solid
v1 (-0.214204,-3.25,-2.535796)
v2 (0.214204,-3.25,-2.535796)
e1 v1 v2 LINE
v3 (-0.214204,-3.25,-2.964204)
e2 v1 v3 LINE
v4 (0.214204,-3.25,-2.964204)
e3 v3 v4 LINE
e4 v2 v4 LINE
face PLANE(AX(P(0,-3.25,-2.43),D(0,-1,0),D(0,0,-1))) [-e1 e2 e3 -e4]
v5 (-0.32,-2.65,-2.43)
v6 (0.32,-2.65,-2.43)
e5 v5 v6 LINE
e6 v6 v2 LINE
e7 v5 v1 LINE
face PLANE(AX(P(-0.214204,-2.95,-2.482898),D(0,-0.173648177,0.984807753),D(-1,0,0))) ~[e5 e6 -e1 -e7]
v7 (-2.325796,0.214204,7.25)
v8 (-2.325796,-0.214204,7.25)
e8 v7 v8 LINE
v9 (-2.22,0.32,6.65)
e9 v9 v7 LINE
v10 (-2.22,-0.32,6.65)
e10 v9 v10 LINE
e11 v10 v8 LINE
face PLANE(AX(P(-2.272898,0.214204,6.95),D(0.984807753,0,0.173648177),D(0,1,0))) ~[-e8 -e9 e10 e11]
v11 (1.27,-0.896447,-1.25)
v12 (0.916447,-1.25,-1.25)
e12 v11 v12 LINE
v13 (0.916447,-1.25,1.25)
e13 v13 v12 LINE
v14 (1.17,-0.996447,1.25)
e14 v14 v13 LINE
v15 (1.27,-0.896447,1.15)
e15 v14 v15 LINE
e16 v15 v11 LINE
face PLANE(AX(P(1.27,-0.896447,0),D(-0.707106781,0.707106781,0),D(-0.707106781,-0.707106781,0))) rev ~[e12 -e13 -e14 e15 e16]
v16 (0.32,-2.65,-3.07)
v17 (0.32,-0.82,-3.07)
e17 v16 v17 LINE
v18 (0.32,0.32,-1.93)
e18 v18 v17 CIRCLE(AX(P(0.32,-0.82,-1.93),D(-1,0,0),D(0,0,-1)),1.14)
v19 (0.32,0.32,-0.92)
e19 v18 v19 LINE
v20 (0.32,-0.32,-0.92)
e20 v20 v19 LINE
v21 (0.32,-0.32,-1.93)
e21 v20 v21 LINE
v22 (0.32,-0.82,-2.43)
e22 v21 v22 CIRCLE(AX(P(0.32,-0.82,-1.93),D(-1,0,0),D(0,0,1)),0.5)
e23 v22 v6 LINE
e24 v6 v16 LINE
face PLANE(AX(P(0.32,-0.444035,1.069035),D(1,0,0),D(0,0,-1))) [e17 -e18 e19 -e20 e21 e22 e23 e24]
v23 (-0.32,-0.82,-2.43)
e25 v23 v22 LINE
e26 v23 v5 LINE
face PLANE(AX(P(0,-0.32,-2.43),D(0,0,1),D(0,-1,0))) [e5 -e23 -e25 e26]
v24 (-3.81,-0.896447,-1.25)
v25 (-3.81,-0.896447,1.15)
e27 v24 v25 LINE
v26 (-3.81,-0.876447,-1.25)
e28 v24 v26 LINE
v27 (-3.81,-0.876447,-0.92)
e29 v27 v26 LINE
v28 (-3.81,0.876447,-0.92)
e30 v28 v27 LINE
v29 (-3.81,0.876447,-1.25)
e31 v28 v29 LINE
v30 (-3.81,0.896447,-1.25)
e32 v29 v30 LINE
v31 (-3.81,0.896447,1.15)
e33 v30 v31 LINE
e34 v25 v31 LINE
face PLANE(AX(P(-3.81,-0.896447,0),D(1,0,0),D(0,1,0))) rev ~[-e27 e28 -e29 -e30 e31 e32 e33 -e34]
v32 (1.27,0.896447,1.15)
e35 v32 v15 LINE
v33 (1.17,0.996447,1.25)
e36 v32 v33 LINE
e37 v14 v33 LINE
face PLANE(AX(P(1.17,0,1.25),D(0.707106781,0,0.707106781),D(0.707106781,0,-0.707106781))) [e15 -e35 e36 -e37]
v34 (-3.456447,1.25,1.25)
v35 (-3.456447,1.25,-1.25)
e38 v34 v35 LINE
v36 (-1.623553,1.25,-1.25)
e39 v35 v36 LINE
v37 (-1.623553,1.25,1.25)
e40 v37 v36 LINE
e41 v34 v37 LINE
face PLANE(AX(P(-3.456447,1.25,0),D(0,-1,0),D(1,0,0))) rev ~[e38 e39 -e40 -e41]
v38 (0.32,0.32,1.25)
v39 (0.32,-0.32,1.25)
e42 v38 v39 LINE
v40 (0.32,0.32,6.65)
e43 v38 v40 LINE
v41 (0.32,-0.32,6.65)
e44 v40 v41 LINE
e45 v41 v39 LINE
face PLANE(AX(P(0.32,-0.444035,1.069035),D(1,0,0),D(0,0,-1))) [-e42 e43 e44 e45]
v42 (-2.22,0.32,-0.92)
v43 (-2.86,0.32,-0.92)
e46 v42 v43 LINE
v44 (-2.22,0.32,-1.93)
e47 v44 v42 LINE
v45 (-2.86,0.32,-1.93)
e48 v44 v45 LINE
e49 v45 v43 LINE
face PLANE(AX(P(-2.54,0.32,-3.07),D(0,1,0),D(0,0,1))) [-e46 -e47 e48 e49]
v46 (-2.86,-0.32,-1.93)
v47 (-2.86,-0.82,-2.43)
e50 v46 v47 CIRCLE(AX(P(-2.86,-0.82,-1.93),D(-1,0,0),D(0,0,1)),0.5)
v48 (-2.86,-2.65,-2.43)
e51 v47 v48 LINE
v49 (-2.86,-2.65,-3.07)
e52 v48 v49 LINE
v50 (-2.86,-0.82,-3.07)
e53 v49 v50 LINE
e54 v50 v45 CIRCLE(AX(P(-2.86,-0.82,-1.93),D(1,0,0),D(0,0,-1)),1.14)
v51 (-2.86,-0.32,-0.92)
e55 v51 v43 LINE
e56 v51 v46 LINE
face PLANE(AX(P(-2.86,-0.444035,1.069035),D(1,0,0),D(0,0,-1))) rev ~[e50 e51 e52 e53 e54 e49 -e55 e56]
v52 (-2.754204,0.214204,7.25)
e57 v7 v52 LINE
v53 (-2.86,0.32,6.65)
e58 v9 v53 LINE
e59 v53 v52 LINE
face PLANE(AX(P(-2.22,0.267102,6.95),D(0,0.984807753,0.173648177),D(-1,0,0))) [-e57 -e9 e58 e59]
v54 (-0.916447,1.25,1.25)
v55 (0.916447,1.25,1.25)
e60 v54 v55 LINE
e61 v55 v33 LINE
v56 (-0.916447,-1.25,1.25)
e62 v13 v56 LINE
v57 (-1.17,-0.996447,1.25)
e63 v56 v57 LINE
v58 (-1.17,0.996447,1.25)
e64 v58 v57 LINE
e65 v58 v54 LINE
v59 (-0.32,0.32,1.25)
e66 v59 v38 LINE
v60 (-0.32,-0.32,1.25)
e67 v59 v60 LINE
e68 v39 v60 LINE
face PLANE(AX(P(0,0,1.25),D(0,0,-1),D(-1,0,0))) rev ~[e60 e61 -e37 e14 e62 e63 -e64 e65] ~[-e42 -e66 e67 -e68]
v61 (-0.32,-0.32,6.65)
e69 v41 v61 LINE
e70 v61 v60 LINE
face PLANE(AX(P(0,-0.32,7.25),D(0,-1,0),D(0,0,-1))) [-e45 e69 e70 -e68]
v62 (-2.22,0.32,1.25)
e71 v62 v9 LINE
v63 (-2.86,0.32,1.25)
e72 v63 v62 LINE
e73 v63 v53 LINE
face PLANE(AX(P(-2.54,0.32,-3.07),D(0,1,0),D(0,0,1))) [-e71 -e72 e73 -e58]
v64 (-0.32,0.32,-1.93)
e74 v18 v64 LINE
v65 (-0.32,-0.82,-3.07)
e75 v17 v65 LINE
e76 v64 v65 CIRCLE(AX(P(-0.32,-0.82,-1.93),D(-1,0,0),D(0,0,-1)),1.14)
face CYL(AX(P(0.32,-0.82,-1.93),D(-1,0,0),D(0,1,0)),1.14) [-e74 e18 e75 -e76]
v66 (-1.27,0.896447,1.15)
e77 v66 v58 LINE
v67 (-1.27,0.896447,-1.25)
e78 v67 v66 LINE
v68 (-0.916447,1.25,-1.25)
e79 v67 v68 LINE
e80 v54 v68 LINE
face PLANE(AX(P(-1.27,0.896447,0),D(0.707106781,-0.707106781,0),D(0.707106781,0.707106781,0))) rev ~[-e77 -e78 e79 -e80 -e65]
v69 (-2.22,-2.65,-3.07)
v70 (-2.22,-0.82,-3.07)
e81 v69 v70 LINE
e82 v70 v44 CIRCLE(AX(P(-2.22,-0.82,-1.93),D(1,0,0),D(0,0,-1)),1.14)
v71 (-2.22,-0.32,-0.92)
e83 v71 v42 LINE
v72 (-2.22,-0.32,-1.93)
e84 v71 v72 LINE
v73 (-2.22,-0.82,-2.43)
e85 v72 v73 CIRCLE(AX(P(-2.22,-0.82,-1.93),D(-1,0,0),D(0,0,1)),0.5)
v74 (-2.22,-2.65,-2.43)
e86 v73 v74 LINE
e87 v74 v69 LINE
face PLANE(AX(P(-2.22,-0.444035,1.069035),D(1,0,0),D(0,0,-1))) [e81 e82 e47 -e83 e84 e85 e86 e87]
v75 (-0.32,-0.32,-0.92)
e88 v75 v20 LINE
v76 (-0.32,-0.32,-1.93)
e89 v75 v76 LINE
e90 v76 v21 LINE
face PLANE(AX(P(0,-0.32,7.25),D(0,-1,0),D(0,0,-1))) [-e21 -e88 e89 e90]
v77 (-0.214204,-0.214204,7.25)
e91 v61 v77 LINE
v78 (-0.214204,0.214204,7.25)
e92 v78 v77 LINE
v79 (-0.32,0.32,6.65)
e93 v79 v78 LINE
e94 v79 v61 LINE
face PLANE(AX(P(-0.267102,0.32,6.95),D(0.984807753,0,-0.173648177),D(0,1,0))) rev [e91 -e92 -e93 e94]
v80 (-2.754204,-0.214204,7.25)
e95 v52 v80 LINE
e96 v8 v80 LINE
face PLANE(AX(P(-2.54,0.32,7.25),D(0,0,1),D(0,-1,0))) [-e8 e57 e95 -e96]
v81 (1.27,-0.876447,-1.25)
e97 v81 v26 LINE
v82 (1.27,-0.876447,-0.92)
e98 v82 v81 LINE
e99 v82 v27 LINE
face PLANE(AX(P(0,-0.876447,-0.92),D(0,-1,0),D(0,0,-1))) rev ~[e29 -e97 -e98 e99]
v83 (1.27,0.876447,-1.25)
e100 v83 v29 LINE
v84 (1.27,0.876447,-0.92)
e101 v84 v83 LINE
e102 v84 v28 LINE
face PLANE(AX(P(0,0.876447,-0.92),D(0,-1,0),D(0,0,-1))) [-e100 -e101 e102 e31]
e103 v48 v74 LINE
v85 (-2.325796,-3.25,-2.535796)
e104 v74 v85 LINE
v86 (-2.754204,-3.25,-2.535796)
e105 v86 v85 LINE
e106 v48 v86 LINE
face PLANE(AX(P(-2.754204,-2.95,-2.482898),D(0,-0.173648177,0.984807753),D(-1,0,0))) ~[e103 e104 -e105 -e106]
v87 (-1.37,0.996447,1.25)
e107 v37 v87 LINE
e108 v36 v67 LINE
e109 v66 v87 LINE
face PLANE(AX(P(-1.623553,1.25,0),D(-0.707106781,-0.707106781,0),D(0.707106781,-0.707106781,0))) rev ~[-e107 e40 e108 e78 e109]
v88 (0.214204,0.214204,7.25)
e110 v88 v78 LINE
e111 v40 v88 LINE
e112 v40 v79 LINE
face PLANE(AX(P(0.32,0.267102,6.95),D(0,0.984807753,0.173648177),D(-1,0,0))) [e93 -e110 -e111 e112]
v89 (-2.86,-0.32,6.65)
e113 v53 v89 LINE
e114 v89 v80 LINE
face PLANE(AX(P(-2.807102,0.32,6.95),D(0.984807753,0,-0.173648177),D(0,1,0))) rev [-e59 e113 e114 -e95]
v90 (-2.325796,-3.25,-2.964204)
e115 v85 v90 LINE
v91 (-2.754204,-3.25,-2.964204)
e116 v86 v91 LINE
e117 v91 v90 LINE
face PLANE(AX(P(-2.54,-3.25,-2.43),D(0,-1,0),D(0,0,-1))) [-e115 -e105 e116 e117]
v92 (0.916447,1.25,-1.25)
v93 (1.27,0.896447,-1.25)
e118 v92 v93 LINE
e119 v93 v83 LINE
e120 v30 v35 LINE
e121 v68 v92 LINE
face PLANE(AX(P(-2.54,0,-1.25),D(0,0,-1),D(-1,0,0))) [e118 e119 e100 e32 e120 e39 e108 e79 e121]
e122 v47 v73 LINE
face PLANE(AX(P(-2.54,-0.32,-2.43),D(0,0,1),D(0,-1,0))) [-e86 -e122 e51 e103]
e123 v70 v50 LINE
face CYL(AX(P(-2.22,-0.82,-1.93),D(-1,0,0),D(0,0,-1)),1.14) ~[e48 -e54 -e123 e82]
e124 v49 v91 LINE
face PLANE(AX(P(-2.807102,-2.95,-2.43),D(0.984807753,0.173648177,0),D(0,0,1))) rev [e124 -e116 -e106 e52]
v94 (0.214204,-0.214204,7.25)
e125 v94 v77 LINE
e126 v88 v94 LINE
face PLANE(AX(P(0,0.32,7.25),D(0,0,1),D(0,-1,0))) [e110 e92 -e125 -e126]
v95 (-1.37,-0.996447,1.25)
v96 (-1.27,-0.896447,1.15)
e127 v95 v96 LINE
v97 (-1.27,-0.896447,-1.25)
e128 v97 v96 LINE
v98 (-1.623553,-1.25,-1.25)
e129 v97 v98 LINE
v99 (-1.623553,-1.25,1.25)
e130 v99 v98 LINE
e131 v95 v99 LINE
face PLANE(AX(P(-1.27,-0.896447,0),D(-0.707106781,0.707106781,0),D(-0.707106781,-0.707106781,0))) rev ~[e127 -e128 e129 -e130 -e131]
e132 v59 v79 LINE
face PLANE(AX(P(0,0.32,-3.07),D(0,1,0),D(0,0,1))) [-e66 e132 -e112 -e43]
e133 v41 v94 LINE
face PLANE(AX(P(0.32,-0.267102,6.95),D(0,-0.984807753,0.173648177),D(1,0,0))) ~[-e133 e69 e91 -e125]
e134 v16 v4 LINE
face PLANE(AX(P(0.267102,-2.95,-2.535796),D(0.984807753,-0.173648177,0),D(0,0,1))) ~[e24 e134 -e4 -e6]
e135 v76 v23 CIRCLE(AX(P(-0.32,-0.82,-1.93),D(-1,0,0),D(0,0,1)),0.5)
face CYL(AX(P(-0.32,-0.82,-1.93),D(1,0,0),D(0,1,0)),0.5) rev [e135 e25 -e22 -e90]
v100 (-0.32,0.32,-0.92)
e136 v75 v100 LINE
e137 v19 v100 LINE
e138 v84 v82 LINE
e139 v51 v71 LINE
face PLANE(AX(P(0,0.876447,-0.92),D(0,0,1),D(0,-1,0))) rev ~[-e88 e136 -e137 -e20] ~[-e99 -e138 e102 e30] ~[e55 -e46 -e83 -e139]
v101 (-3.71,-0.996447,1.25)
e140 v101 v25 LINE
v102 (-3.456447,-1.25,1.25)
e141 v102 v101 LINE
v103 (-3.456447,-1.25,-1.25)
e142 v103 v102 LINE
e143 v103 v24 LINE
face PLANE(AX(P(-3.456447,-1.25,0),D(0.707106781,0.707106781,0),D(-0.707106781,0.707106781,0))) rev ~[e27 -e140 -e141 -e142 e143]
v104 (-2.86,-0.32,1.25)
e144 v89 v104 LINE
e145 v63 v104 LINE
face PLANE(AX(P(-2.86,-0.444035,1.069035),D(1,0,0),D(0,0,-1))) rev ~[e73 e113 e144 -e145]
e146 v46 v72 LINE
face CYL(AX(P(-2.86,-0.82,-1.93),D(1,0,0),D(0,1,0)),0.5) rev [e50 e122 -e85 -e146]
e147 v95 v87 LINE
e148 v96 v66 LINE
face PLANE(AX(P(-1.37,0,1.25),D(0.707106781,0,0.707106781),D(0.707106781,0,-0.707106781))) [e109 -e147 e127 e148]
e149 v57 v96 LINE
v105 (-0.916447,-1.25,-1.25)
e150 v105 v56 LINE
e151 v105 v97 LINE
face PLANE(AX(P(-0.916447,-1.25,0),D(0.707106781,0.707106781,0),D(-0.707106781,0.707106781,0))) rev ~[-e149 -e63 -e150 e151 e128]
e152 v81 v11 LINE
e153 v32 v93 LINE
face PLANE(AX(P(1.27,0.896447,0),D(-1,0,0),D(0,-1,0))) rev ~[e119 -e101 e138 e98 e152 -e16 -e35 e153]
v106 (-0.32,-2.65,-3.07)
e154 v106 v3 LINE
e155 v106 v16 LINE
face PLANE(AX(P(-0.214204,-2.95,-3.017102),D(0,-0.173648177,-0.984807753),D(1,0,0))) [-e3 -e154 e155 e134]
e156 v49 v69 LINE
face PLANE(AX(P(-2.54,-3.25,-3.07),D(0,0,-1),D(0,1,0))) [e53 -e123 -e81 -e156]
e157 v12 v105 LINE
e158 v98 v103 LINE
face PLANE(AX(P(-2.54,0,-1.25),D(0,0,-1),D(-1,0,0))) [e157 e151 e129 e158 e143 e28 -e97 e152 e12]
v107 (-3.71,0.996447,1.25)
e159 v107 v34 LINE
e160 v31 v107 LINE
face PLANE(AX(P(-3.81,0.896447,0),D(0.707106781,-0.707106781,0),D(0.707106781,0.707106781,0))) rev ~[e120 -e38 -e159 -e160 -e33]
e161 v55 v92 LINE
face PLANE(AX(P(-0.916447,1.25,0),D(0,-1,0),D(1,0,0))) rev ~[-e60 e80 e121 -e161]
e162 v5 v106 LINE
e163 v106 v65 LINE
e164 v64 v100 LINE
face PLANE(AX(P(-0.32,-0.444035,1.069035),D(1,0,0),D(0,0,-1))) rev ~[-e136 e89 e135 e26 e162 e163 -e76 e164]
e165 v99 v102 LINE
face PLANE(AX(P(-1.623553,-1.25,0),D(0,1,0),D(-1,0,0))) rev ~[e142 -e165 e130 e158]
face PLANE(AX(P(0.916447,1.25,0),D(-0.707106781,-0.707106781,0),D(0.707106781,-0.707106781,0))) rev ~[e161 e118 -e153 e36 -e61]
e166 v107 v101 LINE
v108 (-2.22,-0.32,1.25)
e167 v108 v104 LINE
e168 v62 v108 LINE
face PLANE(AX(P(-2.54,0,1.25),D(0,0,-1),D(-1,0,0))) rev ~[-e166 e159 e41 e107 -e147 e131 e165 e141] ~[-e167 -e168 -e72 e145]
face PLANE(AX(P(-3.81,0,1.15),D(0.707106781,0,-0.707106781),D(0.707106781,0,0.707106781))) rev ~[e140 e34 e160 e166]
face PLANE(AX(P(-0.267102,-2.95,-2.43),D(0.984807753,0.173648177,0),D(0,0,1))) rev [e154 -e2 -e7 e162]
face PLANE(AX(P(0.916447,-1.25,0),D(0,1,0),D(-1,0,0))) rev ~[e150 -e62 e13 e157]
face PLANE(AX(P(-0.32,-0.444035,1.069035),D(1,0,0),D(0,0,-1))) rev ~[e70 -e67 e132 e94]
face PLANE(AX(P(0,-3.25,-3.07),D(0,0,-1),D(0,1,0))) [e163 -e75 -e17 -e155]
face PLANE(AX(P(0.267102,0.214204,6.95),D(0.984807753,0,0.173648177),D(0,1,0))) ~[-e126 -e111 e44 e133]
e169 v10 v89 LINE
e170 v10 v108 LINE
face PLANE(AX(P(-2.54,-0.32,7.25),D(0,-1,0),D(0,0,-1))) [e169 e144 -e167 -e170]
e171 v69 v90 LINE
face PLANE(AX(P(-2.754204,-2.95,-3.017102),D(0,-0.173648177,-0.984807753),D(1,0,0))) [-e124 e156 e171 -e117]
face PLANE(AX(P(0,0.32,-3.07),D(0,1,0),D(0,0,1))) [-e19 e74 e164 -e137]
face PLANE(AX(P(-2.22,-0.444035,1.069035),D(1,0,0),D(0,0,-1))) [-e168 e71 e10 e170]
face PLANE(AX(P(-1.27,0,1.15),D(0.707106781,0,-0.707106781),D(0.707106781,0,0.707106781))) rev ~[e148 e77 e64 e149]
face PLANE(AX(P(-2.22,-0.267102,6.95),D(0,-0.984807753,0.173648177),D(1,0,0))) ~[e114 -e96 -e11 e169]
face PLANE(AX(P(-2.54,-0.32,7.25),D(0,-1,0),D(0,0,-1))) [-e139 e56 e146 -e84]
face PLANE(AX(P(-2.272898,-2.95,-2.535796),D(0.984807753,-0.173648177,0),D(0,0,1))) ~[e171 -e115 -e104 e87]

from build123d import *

# Parameters (mm, degrees)
EXTRUDE1_DEPTH          = 1.25
CUT_EXTRUDE3_DEPTH      = 2.25
LPATTERN4_COUNT         = 2
LPATTERN4_PITCH         = 2.54
SKETCH2_W               = 1.752893218
SKETCH2_H               = 0.33
CUT_EXTRUDE1_DEPTH      = 2.27
CUT_EXTRUDE1_DEPTH_BACK = 4.81
EXTRUDE_THIN1_DEPTH     = 0.32
LPATTERN5_COUNT         = 2
LPATTERN5_PITCH         = 2.54
CHAMFER2_SIZE           = 0.6
CHAMFER2_SIZE2          = 0.105796188
CHAMFER2_PART_2_SIZE    = 0.6
CHAMFER2_PART_2_SIZE2   = 0.105796188
CHAMFER2_PART_3_SIZE    = 0.6
CHAMFER2_PART_3_SIZE2   = 0.105796188
CHAMFER2_PART_4_SIZE    = 0.6
CHAMFER2_PART_4_SIZE2   = 0.105796188
CHAMFER2_PART_5_SIZE    = 0.6
CHAMFER2_PART_5_SIZE2   = 0.105796188
CHAMFER2_PART_6_SIZE    = 0.6
CHAMFER2_PART_6_SIZE2   = 0.105796188
CHAMFER2_PART_7_SIZE    = 0.6
CHAMFER2_PART_7_SIZE2   = 0.105796188
CHAMFER2_PART_8_SIZE    = 0.6
CHAMFER2_PART_8_SIZE2   = 0.105796188
CHAMFER2_PART_9_SIZE    = 0.6
CHAMFER2_PART_9_SIZE2   = 0.105796188
CHAMFER2_PART_10_SIZE   = 0.6
CHAMFER2_PART_10_SIZE2  = 0.105796188
CHAMFER2_PART_11_SIZE   = 0.6
CHAMFER2_PART_11_SIZE2  = 0.105796188
CHAMFER2_PART_12_SIZE   = 0.6
CHAMFER2_PART_12_SIZE2  = 0.105796188
CHAMFER2_PART_13_SIZE   = 0.6
CHAMFER2_PART_13_SIZE2  = 0.105796188
CHAMFER2_PART_14_SIZE   = 0.6
CHAMFER2_PART_14_SIZE2  = 0.105796188
CHAMFER2_PART_15_SIZE   = 0.6
CHAMFER2_PART_15_SIZE2  = 0.105796188
CHAMFER2_PART_16_SIZE   = 0.6
CHAMFER2_PART_16_SIZE2  = 0.105796188
FILLET1_R               = 0.5
FILLET2_R               = 1.14


with BuildPart() as part:
    # Sketch1 → Extrude1 (new body, symmetric)
    with BuildSketch(Plane.XY):
        Polygon((-1.27, 0.896446609), (-0.916446609, 1.25), (0.916446609, 1.25), (1.27, 0.896446609), (1.27, -0.896446609), (0.916446609, -1.25), (-0.916446609, -1.25), (-1.27, -0.896446609), align=None)
    extrude1 = extrude(amount=EXTRUDE1_DEPTH, both=True)

    # Sketch4 → Cut-Extrude3 (cut, symmetric)
    with BuildSketch(Plane(origin=(0, 0, 0), x_dir=(1, 0, 0), z_dir=(0, 1, 0))):
        Polygon((-1.27, -1.15), (-1.17, -1.25), (-1.27, -1.25), align=None)
        Polygon((1.17, -1.25), (1.27, -1.15), (1.27, -1.25), align=None)
    cut_extrude3 = extrude(amount=CUT_EXTRUDE3_DEPTH, both=True, mode=Mode.SUBTRACT)

    # LPattern4: Extrude1, Cut-Extrude3 ×2
    with Locations(*[(-i * LPATTERN4_PITCH, 0, 0) for i in range(1, LPATTERN4_COUNT)]):
        add(extrude1)
        add(cut_extrude3, mode=Mode.SUBTRACT)

    # Sketch2 → Cut-Extrude1 (cut, two sides)
    with BuildSketch(Plane(origin=(0, 0, 0), x_dir=(0, -1, 0), z_dir=(1, 0, 0))) as cut_extrude1_sk:
        with Locations((0, 1.085)):
            Rectangle(SKETCH2_W, SKETCH2_H)
    extrude(amount=CUT_EXTRUDE1_DEPTH, mode=Mode.SUBTRACT)
    extrude(cut_extrude1_sk.sketch, amount=-CUT_EXTRUDE1_DEPTH_BACK, mode=Mode.SUBTRACT)

    # Sketch3 → Extrude-Thin1 (add, symmetric)
    with BuildSketch(Plane(origin=(0, 0, 0), x_dir=(0, 0, -1), z_dir=(1, 0, 0))):
        Polygon((-7.25, -0.32), (2.43, -0.32), (2.43, -3.25), (3.07, -3.25), (3.07, 0.32), (-7.25, 0.32), align=None)
    extrude_thin1 = extrude(amount=EXTRUDE_THIN1_DEPTH, both=True)

    # LPattern5: Extrude-Thin1 ×2
    with Locations(*[(-i * LPATTERN5_PITCH, 0, 0) for i in range(1, LPATTERN5_COUNT)]):
        add(extrude_thin1)

    # Chamfer2
    chamfer2_edges = [part.edges().sort_by_distance(p)[0] for p in [
        (0, -0.32, 7.25),
    ]]
    chamfer2_side = [part.faces().sort_by_distance(p)[0] for p in [
        (0, -0.32, 4.25),
    ]]
    chamfer(chamfer2_edges, length=CHAMFER2_SIZE, length2=CHAMFER2_SIZE2, reference=chamfer2_side[0])

    # Chamfer2 part 2
    chamfer2_part_2_edges = [part.edges().sort_by_distance(p)[0] for p in [
        (-0.32, 0, 7.25),
    ]]
    chamfer2_part_2_side = [part.faces().sort_by_distance(p)[0] for p in [
        (-0.32, 0, 4.25),
    ]]
    chamfer(chamfer2_part_2_edges, length=CHAMFER2_PART_2_SIZE, length2=CHAMFER2_PART_2_SIZE2, reference=chamfer2_part_2_side[0])

    # Chamfer2 part 3
    chamfer2_part_3_edges = [part.edges().sort_by_distance(p)[0] for p in [
        (-0.32, -3.25, -2.75),
    ]]
    chamfer2_part_3_side = [part.faces().sort_by_distance(p)[0] for p in [
        (-0.32, -1.029537402, -2.430462598),
    ]]
    chamfer(chamfer2_part_3_edges, length=CHAMFER2_PART_3_SIZE, length2=CHAMFER2_PART_3_SIZE2, reference=chamfer2_part_3_side[0])

    # Chamfer2 part 4
    chamfer2_part_4_edges = [part.edges().sort_by_distance(p)[0] for p in [
        (0, -3.25, -2.43),
    ]]
    chamfer2_part_4_side = [part.faces().sort_by_distance(p)[0] for p in [
        (0, -1.785, -2.43),
    ]]
    chamfer(chamfer2_part_4_edges, length=CHAMFER2_PART_4_SIZE, length2=CHAMFER2_PART_4_SIZE2, reference=chamfer2_part_4_side[0])

    # Chamfer2 part 5
    chamfer2_part_5_edges = [part.edges().sort_by_distance(p)[0] for p in [
        (0.32, -3.25, -2.75),
    ]]
    chamfer2_part_5_side = [part.faces().sort_by_distance(p)[0] for p in [
        (0.32, -1.029537402, -2.430462598),
    ]]
    chamfer(chamfer2_part_5_edges, length=CHAMFER2_PART_5_SIZE, length2=CHAMFER2_PART_5_SIZE2, reference=chamfer2_part_5_side[0])

    # Chamfer2 part 6
    chamfer2_part_6_edges = [part.edges().sort_by_distance(p)[0] for p in [
        (0, -3.25, -3.07),
    ]]
    chamfer2_part_6_side = [part.faces().sort_by_distance(p)[0] for p in [
        (0, -1.465, -3.07),
    ]]
    chamfer(chamfer2_part_6_edges, length=CHAMFER2_PART_6_SIZE, length2=CHAMFER2_PART_6_SIZE2, reference=chamfer2_part_6_side[0])

    # Chamfer2 part 7
    chamfer2_part_7_edges = [part.edges().sort_by_distance(p)[0] for p in [
        (0, 0.32, 7.25),
    ]]
    chamfer2_part_7_side = [part.faces().sort_by_distance(p)[0] for p in [
        (0, 0.32, 4.25),
    ]]
    chamfer(chamfer2_part_7_edges, length=CHAMFER2_PART_7_SIZE, length2=CHAMFER2_PART_7_SIZE2, reference=chamfer2_part_7_side[0])

    # Chamfer2 part 8
    chamfer2_part_8_edges = [part.edges().sort_by_distance(p)[0] for p in [
        (0.32, 0, 7.25),
    ]]
    chamfer2_part_8_side = [part.faces().sort_by_distance(p)[0] for p in [
        (0.32, 0, 4.25),
    ]]
    chamfer(chamfer2_part_8_edges, length=CHAMFER2_PART_8_SIZE, length2=CHAMFER2_PART_8_SIZE2, reference=chamfer2_part_8_side[0])

    # Chamfer2 part 9
    chamfer2_part_9_edges = [part.edges().sort_by_distance(p)[0] for p in [
        (-2.54, -0.32, 7.25),
    ]]
    chamfer2_part_9_side = [part.faces().sort_by_distance(p)[0] for p in [
        (-2.54, -0.32, 4.25),
    ]]
    chamfer(chamfer2_part_9_edges, length=CHAMFER2_PART_9_SIZE, length2=CHAMFER2_PART_9_SIZE2, reference=chamfer2_part_9_side[0])

    # Chamfer2 part 10
    chamfer2_part_10_edges = [part.edges().sort_by_distance(p)[0] for p in [
        (-2.86, 0, 7.25),
    ]]
    chamfer2_part_10_side = [part.faces().sort_by_distance(p)[0] for p in [
        (-2.86, 0, 4.25),
    ]]
    chamfer(chamfer2_part_10_edges, length=CHAMFER2_PART_10_SIZE, length2=CHAMFER2_PART_10_SIZE2, reference=chamfer2_part_10_side[0])

    # Chamfer2 part 11
    chamfer2_part_11_edges = [part.edges().sort_by_distance(p)[0] for p in [
        (-2.86, -3.25, -2.75),
    ]]
    chamfer2_part_11_side = [part.faces().sort_by_distance(p)[0] for p in [
        (-2.86, -1.029537402, -2.430462598),
    ]]
    chamfer(chamfer2_part_11_edges, length=CHAMFER2_PART_11_SIZE, length2=CHAMFER2_PART_11_SIZE2, reference=chamfer2_part_11_side[0])

    # Chamfer2 part 12
    chamfer2_part_12_edges = [part.edges().sort_by_distance(p)[0] for p in [
        (-2.54, -3.25, -2.43),
    ]]
    chamfer2_part_12_side = [part.faces().sort_by_distance(p)[0] for p in [
        (-2.54, -1.785, -2.43),
    ]]
    chamfer(chamfer2_part_12_edges, length=CHAMFER2_PART_12_SIZE, length2=CHAMFER2_PART_12_SIZE2, reference=chamfer2_part_12_side[0])

    # Chamfer2 part 13
    chamfer2_part_13_edges = [part.edges().sort_by_distance(p)[0] for p in [
        (-2.22, -3.25, -2.75),
    ]]
    chamfer2_part_13_side = [part.faces().sort_by_distance(p)[0] for p in [
        (-2.22, -1.029537402, -2.430462598),
    ]]
    chamfer(chamfer2_part_13_edges, length=CHAMFER2_PART_13_SIZE, length2=CHAMFER2_PART_13_SIZE2, reference=chamfer2_part_13_side[0])

    # Chamfer2 part 14
    chamfer2_part_14_edges = [part.edges().sort_by_distance(p)[0] for p in [
        (-2.54, -3.25, -3.07),
    ]]
    chamfer2_part_14_side = [part.faces().sort_by_distance(p)[0] for p in [
        (-2.54, -1.465, -3.07),
    ]]
    chamfer(chamfer2_part_14_edges, length=CHAMFER2_PART_14_SIZE, length2=CHAMFER2_PART_14_SIZE2, reference=chamfer2_part_14_side[0])

    # Chamfer2 part 15
    chamfer2_part_15_edges = [part.edges().sort_by_distance(p)[0] for p in [
        (-2.54, 0.32, 7.25),
    ]]
    chamfer2_part_15_side = [part.faces().sort_by_distance(p)[0] for p in [
        (-2.54, 0.32, 4.25),
    ]]
    chamfer(chamfer2_part_15_edges, length=CHAMFER2_PART_15_SIZE, length2=CHAMFER2_PART_15_SIZE2, reference=chamfer2_part_15_side[0])

    # Chamfer2 part 16
    chamfer2_part_16_edges = [part.edges().sort_by_distance(p)[0] for p in [
        (-2.22, 0, 7.25),
    ]]
    chamfer2_part_16_side = [part.faces().sort_by_distance(p)[0] for p in [
        (-2.22, 0, 4.25),
    ]]
    chamfer(chamfer2_part_16_edges, length=CHAMFER2_PART_16_SIZE, length2=CHAMFER2_PART_16_SIZE2, reference=chamfer2_part_16_side[0])

    # Fillet1
    fillet1_edges = [part.edges().sort_by_distance(p)[0] for p in [
        (0, -0.32, -2.43),
        (-2.54, -0.32, -2.43),
    ]]
    fillet(fillet1_edges, radius=FILLET1_R)

    # Fillet2
    fillet2_edges = [part.edges().sort_by_distance(p)[0] for p in [
        (0, 0.32, -3.07),
        (-2.54, 0.32, -3.07),
    ]]
    fillet(fillet2_edges, radius=FILLET2_R)


solid = part.part
